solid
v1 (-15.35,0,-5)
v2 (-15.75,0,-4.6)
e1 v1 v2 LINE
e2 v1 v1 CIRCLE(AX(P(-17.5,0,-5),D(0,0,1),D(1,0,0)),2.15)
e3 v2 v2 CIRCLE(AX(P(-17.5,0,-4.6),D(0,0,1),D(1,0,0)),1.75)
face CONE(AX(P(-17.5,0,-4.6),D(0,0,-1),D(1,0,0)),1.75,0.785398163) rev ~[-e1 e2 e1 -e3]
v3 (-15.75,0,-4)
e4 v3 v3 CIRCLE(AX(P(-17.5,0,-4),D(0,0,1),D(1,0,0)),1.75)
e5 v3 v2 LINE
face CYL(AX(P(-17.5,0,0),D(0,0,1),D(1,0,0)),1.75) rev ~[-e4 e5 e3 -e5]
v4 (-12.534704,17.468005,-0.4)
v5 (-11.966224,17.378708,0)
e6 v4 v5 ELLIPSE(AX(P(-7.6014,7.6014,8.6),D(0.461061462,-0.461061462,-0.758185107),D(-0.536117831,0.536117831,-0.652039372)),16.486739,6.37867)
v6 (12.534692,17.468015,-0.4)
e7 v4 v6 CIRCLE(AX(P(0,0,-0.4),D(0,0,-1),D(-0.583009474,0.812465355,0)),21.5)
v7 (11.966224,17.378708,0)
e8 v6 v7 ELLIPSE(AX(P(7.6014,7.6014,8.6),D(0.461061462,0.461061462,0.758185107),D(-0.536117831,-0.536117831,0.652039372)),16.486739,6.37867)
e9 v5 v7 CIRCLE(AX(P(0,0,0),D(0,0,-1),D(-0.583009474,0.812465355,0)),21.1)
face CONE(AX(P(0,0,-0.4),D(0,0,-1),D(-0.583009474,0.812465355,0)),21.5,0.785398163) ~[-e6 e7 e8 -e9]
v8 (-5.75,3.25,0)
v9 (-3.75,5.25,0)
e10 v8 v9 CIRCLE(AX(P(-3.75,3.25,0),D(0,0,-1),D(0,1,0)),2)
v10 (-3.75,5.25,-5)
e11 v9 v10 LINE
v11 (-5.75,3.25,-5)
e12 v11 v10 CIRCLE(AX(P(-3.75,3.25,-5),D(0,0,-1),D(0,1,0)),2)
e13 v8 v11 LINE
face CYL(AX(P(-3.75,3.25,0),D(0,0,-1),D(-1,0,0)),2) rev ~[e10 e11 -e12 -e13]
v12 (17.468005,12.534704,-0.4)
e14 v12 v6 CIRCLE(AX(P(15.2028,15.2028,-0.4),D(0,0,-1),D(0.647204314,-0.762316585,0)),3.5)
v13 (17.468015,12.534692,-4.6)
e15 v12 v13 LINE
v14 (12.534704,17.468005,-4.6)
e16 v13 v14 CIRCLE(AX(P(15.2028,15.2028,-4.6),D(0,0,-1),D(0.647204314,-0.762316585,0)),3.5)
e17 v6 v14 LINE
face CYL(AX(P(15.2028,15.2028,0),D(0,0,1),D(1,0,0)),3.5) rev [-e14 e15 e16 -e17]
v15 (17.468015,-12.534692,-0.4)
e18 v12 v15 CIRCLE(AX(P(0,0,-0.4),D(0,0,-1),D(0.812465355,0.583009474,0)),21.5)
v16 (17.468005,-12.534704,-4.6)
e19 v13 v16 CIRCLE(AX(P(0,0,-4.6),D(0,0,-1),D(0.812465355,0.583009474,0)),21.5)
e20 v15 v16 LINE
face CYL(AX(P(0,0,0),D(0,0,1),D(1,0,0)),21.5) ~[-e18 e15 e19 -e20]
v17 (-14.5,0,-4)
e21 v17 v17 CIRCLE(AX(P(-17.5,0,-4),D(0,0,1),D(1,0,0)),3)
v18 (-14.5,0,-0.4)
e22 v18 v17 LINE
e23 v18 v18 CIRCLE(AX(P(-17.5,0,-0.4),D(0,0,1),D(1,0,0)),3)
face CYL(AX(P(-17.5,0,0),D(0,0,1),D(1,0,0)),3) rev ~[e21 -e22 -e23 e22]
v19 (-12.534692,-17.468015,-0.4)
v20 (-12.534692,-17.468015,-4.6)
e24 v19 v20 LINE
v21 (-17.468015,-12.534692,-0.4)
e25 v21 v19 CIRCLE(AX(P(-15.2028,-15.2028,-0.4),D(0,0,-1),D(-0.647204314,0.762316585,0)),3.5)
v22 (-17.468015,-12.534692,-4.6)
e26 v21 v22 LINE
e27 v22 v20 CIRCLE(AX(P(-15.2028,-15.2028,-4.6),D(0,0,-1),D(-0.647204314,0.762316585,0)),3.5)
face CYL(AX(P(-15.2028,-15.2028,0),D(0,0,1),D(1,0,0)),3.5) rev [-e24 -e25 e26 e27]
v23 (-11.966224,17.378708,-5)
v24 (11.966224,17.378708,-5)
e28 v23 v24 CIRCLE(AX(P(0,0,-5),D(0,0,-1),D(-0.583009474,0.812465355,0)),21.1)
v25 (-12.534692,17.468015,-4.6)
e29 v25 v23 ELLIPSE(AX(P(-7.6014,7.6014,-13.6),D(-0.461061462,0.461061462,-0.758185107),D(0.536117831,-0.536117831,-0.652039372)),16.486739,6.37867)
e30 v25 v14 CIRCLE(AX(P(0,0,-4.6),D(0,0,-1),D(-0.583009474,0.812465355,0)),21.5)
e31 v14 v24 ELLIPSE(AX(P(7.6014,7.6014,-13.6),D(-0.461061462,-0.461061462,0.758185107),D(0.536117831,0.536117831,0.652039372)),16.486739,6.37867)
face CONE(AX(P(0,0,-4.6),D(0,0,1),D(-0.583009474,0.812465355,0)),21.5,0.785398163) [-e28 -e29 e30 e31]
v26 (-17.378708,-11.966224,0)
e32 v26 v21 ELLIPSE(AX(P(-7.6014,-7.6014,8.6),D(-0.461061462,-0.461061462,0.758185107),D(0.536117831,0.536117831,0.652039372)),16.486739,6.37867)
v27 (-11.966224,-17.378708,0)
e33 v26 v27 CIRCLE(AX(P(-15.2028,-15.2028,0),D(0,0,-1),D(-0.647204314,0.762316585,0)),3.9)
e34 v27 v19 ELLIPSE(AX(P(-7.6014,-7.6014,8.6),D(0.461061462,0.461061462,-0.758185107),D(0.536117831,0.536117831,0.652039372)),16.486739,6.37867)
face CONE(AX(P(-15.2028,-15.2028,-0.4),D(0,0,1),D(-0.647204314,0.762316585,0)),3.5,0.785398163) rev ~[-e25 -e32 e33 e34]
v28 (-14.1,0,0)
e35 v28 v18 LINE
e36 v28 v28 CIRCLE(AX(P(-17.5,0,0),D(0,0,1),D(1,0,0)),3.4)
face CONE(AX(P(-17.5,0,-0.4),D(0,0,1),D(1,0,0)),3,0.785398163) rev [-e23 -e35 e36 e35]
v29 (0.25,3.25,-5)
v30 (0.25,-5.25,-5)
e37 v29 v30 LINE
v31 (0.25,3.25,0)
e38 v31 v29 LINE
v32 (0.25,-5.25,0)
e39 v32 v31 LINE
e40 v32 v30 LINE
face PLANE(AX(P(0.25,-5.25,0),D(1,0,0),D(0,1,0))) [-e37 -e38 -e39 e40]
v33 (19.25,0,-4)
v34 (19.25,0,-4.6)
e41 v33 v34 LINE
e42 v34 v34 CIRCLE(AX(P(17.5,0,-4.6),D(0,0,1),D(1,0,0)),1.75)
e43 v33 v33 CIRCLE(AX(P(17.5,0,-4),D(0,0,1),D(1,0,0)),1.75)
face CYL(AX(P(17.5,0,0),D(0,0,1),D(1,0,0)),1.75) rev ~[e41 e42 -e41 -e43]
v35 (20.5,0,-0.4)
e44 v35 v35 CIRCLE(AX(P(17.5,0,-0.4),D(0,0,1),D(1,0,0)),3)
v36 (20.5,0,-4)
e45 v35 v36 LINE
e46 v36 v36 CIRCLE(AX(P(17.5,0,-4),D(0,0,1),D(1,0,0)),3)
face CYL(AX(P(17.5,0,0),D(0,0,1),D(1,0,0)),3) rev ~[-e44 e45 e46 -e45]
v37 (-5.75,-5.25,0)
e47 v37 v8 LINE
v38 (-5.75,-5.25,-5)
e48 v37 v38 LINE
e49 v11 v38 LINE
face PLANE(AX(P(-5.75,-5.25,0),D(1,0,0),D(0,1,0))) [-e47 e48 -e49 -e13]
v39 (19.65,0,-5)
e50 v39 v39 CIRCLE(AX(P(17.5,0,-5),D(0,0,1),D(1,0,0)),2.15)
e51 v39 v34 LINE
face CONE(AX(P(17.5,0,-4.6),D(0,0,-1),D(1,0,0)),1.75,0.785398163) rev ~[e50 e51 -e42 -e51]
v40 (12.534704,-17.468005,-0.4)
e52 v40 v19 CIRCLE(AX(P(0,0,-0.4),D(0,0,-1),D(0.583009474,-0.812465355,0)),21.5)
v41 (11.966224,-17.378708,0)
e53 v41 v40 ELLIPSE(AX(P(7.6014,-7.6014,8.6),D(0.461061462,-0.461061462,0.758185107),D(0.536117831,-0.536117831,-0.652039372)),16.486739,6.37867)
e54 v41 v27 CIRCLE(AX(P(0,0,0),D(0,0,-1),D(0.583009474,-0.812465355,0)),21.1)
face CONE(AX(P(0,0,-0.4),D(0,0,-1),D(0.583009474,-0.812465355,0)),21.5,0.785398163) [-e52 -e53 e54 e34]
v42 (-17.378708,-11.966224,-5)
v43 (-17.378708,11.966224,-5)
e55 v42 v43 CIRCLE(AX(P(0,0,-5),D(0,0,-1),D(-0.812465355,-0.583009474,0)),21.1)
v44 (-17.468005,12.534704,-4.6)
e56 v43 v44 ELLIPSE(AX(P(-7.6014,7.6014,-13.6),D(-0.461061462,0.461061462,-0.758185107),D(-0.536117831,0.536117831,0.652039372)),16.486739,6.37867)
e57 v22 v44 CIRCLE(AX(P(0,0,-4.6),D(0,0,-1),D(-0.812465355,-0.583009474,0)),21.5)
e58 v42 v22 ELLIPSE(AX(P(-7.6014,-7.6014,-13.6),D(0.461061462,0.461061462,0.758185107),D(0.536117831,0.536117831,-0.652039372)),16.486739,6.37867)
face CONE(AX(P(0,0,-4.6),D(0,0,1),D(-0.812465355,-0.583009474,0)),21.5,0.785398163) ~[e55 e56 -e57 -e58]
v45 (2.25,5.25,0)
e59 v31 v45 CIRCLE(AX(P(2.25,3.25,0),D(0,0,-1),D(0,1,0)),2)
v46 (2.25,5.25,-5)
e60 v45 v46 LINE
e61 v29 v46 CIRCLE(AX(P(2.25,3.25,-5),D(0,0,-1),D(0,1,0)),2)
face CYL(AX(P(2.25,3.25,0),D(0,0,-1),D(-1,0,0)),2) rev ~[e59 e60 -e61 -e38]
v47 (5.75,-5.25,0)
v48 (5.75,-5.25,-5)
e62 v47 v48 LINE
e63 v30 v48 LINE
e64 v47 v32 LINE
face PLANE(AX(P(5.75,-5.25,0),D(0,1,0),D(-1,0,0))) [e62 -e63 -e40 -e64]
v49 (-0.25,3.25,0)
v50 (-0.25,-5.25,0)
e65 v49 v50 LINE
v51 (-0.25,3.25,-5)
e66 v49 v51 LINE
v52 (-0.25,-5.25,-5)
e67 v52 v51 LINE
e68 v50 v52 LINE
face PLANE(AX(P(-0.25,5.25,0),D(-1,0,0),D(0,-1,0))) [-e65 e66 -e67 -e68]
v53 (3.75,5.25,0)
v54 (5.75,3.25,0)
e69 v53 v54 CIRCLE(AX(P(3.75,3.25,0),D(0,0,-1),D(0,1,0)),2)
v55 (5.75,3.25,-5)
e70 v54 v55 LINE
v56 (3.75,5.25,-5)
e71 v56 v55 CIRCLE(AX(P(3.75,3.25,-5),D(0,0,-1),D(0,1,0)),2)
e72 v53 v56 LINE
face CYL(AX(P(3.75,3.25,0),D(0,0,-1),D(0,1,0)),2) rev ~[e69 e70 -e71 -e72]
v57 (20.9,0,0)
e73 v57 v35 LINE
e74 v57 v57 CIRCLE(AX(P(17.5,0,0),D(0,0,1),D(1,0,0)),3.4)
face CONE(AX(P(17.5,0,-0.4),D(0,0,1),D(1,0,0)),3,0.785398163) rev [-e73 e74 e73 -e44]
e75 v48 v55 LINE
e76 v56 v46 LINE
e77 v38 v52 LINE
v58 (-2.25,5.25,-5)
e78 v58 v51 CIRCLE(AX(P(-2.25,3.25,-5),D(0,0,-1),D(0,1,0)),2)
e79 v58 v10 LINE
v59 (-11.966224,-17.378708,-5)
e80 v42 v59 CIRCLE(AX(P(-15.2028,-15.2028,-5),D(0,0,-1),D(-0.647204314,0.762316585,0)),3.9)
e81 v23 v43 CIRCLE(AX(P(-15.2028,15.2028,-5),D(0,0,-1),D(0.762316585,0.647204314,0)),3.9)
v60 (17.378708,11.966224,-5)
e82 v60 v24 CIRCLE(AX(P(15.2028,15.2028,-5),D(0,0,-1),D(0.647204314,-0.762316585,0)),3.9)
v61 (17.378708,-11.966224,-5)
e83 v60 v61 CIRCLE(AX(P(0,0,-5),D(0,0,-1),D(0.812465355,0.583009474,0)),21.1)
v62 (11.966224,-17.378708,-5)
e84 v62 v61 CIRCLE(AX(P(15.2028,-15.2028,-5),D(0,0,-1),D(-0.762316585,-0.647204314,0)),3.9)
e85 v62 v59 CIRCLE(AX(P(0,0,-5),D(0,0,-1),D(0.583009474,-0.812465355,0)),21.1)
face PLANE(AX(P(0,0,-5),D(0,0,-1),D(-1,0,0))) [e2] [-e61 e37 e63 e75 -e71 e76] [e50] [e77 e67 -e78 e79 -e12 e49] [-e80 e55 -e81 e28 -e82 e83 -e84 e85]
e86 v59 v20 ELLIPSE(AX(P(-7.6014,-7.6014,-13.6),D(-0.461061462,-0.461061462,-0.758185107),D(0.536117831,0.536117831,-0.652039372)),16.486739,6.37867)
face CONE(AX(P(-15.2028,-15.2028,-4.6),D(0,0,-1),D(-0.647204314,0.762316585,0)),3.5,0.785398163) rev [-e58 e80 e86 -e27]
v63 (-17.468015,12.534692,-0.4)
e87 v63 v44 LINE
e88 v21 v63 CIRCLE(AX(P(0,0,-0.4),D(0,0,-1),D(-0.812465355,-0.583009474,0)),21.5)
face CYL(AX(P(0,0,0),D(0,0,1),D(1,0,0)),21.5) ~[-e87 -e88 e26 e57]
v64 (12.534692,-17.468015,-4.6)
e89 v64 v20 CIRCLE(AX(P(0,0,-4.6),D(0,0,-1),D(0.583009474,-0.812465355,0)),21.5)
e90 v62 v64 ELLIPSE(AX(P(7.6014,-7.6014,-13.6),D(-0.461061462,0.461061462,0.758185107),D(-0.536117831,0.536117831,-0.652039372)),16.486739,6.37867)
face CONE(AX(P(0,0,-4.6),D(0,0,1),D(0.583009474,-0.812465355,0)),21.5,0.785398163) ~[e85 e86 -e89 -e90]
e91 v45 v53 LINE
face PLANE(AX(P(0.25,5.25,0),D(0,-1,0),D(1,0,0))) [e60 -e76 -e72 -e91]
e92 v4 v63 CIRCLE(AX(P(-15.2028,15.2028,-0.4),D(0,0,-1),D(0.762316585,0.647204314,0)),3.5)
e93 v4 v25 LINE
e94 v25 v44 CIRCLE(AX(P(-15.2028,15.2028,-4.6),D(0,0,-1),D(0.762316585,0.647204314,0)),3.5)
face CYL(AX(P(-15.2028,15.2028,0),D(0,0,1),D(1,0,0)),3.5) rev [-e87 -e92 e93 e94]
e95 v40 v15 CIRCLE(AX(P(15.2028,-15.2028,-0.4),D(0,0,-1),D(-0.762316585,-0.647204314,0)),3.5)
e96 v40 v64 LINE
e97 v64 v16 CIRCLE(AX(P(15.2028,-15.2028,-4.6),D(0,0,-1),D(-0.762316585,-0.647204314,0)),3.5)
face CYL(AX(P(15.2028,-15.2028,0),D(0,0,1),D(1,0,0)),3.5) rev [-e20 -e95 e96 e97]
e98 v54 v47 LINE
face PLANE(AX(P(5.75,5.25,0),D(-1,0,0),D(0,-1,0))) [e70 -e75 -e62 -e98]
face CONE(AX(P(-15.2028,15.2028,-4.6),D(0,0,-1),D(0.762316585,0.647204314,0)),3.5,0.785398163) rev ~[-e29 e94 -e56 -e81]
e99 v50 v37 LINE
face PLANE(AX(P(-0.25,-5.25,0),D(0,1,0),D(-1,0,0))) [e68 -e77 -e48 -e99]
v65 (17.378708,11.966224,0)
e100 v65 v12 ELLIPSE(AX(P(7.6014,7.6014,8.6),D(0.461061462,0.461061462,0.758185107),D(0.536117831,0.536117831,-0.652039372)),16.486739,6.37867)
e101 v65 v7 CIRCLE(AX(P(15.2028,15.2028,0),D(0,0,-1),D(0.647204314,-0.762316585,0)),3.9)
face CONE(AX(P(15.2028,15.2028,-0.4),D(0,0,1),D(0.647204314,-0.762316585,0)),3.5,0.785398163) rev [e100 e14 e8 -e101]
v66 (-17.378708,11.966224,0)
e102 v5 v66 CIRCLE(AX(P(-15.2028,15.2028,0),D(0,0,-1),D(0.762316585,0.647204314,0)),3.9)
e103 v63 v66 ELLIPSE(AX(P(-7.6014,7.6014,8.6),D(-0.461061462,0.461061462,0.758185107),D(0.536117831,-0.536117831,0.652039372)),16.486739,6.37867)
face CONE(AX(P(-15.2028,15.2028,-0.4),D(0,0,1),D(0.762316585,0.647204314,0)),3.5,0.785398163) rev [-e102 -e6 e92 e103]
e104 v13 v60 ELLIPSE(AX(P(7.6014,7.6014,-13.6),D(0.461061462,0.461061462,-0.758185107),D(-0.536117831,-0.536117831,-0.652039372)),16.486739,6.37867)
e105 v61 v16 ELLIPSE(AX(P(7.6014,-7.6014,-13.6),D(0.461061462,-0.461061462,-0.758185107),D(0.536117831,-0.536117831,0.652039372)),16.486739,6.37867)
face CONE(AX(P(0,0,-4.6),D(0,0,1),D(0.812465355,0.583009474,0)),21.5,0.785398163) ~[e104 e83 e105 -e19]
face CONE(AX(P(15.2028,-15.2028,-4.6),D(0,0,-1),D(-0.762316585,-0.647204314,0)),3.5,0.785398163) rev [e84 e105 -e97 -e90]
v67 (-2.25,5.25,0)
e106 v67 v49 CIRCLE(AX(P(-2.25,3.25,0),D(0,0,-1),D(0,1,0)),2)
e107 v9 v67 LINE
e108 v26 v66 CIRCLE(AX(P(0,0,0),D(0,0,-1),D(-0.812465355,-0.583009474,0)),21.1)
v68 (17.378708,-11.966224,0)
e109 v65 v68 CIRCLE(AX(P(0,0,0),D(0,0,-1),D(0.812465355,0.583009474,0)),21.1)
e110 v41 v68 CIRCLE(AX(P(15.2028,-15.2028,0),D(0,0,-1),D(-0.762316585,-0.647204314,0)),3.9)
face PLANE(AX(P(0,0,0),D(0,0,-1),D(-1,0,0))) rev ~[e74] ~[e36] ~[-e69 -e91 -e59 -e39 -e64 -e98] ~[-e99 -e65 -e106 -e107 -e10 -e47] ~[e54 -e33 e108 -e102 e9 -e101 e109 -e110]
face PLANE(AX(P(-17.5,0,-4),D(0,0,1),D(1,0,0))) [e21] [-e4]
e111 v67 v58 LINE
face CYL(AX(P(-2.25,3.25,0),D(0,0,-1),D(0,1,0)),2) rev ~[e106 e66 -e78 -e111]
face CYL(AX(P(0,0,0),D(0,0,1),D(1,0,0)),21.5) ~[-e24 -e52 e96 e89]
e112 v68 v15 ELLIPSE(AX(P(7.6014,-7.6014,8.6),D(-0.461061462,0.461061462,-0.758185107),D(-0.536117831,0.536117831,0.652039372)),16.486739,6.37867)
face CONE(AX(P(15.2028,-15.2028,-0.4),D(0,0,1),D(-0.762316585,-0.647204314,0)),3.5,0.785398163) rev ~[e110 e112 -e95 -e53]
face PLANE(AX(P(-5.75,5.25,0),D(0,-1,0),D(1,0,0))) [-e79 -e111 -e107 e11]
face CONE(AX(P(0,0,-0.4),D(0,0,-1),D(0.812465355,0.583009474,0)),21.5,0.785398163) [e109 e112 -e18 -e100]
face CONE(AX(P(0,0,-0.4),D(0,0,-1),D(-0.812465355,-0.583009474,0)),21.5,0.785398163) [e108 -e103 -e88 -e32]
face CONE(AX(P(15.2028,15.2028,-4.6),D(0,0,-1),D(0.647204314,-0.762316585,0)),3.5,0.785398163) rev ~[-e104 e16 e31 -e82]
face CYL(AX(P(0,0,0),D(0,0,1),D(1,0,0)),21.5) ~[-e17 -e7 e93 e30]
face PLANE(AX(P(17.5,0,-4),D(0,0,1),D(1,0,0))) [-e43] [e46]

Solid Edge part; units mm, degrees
sketch "Sketch1" plane through (0, 0, 0) normal (0, 0, 1) x (1, 0, 0)
  arc A0 (-12.5347, 17.468) -> (12.5347, 17.468) centre (0, 0) cw
  arc A1 (17.468, 12.5347) -> (17.468, -12.5347) centre (0, 0) cw
  arc A2 (12.5347, -17.468) -> (-12.5347, -17.468) centre (0, 0) cw
  arc A3 (-17.468, -12.5347) -> (-17.468, 12.5347) centre (0, 0) cw
  arc A4 (-12.5347, 17.468) -> (-17.468, 12.5347) centre (-15.2028, 15.2028) cw
  arc A5 (17.468, 12.5347) -> (12.5347, 17.468) centre (15.2028, 15.2028) cw
  arc A6 (12.5347, -17.468) -> (17.468, -12.5347) centre (15.2028, -15.2028) cw
  arc A7 (-17.468, -12.5347) -> (-12.5347, -17.468) centre (-15.2028, -15.2028) cw
extrude "Protrusion1" add sketch "Sketch1" against normal blind 5
sketch "Sketch2" plane through (0, 0, 0) normal (0, 0, 1) x (1, 0, 0)
  circle A0 centre (-17.5, 0) radius 1.75
  circle A1 centre (17.5, 0) radius 1.75
  dimension "D1" = 35
extrude "Cutout1" cut sketch "Sketch2" against normal through all
sketch "Sketch3" plane through (0, 0, 0) normal (0, 0, 1) x (1, 0, 0)
  circle A0 centre (-17.5, 0) radius 3
  circle A1 centre (17.5, 0) radius 3
  dimension "D1" = 35
extrude "VaciadoExtruido_2" cut sketch "Sketch3" against normal blind 4
chamfer "Chaflán_1" distance 0.4 angle 45 20 edges at (-20.5, 0, 0) (14.5, 0, 0) (-12.7279, -12.7279, 0) (0, -21.5, 0) (12.7279, -12.7279, 0) (21.5, 0, 0) (12.7279, 12.7279, 0) (0, 21.5, 0) (-12.7279, 12.7279, 0) (-21.5, 0, 0) (15.75, 0, -5) (-19.25, 0, -5) (-12.7279, -12.7279, -5) (-21.5, 0, -5) (-12.7279, 12.7279, -5) (0, 21.5, -5) (12.7279, 12.7279, -5) (21.5, 0, -5) (12.7279, -12.7279, -5) (0, -21.5, -5)
sketch "Sketch4" plane through (0, 0, 0) normal (0, 0, 1) x (0, 1, 0)
  line L0 (-5.25, 5.75) -> (5.25, 5.75)
  line L1 (5.25, 5.75) -> (5.25, 0.25)
  line L2 (5.25, 0.25) -> (-5.25, 0.25)
  line L3 (-5.25, 0.25) -> (-5.25, 5.75)
  line L4 (-5.25, -5.75) -> (-5.25, -0.25)
  line L5 (-5.25, -0.25) -> (5.25, -0.25)
  line L6 (5.25, -0.25) -> (5.25, -5.75)
  line L7 (5.25, -5.75) -> (-5.25, -5.75)
  dimension "D1" = 5.5
  dimension "D2" = 10.5
  dimension "D3" = 6
extrude "Cutout2" cut sketch "Sketch4" against normal through all
fillet "Redondeo_1" radius 2 4 edges at (-5.75, 5.25, -2.5) (-0.25, 5.25, -2.5) (0.25, 5.25, -2.5) (5.75, 5.25, -2.5)
